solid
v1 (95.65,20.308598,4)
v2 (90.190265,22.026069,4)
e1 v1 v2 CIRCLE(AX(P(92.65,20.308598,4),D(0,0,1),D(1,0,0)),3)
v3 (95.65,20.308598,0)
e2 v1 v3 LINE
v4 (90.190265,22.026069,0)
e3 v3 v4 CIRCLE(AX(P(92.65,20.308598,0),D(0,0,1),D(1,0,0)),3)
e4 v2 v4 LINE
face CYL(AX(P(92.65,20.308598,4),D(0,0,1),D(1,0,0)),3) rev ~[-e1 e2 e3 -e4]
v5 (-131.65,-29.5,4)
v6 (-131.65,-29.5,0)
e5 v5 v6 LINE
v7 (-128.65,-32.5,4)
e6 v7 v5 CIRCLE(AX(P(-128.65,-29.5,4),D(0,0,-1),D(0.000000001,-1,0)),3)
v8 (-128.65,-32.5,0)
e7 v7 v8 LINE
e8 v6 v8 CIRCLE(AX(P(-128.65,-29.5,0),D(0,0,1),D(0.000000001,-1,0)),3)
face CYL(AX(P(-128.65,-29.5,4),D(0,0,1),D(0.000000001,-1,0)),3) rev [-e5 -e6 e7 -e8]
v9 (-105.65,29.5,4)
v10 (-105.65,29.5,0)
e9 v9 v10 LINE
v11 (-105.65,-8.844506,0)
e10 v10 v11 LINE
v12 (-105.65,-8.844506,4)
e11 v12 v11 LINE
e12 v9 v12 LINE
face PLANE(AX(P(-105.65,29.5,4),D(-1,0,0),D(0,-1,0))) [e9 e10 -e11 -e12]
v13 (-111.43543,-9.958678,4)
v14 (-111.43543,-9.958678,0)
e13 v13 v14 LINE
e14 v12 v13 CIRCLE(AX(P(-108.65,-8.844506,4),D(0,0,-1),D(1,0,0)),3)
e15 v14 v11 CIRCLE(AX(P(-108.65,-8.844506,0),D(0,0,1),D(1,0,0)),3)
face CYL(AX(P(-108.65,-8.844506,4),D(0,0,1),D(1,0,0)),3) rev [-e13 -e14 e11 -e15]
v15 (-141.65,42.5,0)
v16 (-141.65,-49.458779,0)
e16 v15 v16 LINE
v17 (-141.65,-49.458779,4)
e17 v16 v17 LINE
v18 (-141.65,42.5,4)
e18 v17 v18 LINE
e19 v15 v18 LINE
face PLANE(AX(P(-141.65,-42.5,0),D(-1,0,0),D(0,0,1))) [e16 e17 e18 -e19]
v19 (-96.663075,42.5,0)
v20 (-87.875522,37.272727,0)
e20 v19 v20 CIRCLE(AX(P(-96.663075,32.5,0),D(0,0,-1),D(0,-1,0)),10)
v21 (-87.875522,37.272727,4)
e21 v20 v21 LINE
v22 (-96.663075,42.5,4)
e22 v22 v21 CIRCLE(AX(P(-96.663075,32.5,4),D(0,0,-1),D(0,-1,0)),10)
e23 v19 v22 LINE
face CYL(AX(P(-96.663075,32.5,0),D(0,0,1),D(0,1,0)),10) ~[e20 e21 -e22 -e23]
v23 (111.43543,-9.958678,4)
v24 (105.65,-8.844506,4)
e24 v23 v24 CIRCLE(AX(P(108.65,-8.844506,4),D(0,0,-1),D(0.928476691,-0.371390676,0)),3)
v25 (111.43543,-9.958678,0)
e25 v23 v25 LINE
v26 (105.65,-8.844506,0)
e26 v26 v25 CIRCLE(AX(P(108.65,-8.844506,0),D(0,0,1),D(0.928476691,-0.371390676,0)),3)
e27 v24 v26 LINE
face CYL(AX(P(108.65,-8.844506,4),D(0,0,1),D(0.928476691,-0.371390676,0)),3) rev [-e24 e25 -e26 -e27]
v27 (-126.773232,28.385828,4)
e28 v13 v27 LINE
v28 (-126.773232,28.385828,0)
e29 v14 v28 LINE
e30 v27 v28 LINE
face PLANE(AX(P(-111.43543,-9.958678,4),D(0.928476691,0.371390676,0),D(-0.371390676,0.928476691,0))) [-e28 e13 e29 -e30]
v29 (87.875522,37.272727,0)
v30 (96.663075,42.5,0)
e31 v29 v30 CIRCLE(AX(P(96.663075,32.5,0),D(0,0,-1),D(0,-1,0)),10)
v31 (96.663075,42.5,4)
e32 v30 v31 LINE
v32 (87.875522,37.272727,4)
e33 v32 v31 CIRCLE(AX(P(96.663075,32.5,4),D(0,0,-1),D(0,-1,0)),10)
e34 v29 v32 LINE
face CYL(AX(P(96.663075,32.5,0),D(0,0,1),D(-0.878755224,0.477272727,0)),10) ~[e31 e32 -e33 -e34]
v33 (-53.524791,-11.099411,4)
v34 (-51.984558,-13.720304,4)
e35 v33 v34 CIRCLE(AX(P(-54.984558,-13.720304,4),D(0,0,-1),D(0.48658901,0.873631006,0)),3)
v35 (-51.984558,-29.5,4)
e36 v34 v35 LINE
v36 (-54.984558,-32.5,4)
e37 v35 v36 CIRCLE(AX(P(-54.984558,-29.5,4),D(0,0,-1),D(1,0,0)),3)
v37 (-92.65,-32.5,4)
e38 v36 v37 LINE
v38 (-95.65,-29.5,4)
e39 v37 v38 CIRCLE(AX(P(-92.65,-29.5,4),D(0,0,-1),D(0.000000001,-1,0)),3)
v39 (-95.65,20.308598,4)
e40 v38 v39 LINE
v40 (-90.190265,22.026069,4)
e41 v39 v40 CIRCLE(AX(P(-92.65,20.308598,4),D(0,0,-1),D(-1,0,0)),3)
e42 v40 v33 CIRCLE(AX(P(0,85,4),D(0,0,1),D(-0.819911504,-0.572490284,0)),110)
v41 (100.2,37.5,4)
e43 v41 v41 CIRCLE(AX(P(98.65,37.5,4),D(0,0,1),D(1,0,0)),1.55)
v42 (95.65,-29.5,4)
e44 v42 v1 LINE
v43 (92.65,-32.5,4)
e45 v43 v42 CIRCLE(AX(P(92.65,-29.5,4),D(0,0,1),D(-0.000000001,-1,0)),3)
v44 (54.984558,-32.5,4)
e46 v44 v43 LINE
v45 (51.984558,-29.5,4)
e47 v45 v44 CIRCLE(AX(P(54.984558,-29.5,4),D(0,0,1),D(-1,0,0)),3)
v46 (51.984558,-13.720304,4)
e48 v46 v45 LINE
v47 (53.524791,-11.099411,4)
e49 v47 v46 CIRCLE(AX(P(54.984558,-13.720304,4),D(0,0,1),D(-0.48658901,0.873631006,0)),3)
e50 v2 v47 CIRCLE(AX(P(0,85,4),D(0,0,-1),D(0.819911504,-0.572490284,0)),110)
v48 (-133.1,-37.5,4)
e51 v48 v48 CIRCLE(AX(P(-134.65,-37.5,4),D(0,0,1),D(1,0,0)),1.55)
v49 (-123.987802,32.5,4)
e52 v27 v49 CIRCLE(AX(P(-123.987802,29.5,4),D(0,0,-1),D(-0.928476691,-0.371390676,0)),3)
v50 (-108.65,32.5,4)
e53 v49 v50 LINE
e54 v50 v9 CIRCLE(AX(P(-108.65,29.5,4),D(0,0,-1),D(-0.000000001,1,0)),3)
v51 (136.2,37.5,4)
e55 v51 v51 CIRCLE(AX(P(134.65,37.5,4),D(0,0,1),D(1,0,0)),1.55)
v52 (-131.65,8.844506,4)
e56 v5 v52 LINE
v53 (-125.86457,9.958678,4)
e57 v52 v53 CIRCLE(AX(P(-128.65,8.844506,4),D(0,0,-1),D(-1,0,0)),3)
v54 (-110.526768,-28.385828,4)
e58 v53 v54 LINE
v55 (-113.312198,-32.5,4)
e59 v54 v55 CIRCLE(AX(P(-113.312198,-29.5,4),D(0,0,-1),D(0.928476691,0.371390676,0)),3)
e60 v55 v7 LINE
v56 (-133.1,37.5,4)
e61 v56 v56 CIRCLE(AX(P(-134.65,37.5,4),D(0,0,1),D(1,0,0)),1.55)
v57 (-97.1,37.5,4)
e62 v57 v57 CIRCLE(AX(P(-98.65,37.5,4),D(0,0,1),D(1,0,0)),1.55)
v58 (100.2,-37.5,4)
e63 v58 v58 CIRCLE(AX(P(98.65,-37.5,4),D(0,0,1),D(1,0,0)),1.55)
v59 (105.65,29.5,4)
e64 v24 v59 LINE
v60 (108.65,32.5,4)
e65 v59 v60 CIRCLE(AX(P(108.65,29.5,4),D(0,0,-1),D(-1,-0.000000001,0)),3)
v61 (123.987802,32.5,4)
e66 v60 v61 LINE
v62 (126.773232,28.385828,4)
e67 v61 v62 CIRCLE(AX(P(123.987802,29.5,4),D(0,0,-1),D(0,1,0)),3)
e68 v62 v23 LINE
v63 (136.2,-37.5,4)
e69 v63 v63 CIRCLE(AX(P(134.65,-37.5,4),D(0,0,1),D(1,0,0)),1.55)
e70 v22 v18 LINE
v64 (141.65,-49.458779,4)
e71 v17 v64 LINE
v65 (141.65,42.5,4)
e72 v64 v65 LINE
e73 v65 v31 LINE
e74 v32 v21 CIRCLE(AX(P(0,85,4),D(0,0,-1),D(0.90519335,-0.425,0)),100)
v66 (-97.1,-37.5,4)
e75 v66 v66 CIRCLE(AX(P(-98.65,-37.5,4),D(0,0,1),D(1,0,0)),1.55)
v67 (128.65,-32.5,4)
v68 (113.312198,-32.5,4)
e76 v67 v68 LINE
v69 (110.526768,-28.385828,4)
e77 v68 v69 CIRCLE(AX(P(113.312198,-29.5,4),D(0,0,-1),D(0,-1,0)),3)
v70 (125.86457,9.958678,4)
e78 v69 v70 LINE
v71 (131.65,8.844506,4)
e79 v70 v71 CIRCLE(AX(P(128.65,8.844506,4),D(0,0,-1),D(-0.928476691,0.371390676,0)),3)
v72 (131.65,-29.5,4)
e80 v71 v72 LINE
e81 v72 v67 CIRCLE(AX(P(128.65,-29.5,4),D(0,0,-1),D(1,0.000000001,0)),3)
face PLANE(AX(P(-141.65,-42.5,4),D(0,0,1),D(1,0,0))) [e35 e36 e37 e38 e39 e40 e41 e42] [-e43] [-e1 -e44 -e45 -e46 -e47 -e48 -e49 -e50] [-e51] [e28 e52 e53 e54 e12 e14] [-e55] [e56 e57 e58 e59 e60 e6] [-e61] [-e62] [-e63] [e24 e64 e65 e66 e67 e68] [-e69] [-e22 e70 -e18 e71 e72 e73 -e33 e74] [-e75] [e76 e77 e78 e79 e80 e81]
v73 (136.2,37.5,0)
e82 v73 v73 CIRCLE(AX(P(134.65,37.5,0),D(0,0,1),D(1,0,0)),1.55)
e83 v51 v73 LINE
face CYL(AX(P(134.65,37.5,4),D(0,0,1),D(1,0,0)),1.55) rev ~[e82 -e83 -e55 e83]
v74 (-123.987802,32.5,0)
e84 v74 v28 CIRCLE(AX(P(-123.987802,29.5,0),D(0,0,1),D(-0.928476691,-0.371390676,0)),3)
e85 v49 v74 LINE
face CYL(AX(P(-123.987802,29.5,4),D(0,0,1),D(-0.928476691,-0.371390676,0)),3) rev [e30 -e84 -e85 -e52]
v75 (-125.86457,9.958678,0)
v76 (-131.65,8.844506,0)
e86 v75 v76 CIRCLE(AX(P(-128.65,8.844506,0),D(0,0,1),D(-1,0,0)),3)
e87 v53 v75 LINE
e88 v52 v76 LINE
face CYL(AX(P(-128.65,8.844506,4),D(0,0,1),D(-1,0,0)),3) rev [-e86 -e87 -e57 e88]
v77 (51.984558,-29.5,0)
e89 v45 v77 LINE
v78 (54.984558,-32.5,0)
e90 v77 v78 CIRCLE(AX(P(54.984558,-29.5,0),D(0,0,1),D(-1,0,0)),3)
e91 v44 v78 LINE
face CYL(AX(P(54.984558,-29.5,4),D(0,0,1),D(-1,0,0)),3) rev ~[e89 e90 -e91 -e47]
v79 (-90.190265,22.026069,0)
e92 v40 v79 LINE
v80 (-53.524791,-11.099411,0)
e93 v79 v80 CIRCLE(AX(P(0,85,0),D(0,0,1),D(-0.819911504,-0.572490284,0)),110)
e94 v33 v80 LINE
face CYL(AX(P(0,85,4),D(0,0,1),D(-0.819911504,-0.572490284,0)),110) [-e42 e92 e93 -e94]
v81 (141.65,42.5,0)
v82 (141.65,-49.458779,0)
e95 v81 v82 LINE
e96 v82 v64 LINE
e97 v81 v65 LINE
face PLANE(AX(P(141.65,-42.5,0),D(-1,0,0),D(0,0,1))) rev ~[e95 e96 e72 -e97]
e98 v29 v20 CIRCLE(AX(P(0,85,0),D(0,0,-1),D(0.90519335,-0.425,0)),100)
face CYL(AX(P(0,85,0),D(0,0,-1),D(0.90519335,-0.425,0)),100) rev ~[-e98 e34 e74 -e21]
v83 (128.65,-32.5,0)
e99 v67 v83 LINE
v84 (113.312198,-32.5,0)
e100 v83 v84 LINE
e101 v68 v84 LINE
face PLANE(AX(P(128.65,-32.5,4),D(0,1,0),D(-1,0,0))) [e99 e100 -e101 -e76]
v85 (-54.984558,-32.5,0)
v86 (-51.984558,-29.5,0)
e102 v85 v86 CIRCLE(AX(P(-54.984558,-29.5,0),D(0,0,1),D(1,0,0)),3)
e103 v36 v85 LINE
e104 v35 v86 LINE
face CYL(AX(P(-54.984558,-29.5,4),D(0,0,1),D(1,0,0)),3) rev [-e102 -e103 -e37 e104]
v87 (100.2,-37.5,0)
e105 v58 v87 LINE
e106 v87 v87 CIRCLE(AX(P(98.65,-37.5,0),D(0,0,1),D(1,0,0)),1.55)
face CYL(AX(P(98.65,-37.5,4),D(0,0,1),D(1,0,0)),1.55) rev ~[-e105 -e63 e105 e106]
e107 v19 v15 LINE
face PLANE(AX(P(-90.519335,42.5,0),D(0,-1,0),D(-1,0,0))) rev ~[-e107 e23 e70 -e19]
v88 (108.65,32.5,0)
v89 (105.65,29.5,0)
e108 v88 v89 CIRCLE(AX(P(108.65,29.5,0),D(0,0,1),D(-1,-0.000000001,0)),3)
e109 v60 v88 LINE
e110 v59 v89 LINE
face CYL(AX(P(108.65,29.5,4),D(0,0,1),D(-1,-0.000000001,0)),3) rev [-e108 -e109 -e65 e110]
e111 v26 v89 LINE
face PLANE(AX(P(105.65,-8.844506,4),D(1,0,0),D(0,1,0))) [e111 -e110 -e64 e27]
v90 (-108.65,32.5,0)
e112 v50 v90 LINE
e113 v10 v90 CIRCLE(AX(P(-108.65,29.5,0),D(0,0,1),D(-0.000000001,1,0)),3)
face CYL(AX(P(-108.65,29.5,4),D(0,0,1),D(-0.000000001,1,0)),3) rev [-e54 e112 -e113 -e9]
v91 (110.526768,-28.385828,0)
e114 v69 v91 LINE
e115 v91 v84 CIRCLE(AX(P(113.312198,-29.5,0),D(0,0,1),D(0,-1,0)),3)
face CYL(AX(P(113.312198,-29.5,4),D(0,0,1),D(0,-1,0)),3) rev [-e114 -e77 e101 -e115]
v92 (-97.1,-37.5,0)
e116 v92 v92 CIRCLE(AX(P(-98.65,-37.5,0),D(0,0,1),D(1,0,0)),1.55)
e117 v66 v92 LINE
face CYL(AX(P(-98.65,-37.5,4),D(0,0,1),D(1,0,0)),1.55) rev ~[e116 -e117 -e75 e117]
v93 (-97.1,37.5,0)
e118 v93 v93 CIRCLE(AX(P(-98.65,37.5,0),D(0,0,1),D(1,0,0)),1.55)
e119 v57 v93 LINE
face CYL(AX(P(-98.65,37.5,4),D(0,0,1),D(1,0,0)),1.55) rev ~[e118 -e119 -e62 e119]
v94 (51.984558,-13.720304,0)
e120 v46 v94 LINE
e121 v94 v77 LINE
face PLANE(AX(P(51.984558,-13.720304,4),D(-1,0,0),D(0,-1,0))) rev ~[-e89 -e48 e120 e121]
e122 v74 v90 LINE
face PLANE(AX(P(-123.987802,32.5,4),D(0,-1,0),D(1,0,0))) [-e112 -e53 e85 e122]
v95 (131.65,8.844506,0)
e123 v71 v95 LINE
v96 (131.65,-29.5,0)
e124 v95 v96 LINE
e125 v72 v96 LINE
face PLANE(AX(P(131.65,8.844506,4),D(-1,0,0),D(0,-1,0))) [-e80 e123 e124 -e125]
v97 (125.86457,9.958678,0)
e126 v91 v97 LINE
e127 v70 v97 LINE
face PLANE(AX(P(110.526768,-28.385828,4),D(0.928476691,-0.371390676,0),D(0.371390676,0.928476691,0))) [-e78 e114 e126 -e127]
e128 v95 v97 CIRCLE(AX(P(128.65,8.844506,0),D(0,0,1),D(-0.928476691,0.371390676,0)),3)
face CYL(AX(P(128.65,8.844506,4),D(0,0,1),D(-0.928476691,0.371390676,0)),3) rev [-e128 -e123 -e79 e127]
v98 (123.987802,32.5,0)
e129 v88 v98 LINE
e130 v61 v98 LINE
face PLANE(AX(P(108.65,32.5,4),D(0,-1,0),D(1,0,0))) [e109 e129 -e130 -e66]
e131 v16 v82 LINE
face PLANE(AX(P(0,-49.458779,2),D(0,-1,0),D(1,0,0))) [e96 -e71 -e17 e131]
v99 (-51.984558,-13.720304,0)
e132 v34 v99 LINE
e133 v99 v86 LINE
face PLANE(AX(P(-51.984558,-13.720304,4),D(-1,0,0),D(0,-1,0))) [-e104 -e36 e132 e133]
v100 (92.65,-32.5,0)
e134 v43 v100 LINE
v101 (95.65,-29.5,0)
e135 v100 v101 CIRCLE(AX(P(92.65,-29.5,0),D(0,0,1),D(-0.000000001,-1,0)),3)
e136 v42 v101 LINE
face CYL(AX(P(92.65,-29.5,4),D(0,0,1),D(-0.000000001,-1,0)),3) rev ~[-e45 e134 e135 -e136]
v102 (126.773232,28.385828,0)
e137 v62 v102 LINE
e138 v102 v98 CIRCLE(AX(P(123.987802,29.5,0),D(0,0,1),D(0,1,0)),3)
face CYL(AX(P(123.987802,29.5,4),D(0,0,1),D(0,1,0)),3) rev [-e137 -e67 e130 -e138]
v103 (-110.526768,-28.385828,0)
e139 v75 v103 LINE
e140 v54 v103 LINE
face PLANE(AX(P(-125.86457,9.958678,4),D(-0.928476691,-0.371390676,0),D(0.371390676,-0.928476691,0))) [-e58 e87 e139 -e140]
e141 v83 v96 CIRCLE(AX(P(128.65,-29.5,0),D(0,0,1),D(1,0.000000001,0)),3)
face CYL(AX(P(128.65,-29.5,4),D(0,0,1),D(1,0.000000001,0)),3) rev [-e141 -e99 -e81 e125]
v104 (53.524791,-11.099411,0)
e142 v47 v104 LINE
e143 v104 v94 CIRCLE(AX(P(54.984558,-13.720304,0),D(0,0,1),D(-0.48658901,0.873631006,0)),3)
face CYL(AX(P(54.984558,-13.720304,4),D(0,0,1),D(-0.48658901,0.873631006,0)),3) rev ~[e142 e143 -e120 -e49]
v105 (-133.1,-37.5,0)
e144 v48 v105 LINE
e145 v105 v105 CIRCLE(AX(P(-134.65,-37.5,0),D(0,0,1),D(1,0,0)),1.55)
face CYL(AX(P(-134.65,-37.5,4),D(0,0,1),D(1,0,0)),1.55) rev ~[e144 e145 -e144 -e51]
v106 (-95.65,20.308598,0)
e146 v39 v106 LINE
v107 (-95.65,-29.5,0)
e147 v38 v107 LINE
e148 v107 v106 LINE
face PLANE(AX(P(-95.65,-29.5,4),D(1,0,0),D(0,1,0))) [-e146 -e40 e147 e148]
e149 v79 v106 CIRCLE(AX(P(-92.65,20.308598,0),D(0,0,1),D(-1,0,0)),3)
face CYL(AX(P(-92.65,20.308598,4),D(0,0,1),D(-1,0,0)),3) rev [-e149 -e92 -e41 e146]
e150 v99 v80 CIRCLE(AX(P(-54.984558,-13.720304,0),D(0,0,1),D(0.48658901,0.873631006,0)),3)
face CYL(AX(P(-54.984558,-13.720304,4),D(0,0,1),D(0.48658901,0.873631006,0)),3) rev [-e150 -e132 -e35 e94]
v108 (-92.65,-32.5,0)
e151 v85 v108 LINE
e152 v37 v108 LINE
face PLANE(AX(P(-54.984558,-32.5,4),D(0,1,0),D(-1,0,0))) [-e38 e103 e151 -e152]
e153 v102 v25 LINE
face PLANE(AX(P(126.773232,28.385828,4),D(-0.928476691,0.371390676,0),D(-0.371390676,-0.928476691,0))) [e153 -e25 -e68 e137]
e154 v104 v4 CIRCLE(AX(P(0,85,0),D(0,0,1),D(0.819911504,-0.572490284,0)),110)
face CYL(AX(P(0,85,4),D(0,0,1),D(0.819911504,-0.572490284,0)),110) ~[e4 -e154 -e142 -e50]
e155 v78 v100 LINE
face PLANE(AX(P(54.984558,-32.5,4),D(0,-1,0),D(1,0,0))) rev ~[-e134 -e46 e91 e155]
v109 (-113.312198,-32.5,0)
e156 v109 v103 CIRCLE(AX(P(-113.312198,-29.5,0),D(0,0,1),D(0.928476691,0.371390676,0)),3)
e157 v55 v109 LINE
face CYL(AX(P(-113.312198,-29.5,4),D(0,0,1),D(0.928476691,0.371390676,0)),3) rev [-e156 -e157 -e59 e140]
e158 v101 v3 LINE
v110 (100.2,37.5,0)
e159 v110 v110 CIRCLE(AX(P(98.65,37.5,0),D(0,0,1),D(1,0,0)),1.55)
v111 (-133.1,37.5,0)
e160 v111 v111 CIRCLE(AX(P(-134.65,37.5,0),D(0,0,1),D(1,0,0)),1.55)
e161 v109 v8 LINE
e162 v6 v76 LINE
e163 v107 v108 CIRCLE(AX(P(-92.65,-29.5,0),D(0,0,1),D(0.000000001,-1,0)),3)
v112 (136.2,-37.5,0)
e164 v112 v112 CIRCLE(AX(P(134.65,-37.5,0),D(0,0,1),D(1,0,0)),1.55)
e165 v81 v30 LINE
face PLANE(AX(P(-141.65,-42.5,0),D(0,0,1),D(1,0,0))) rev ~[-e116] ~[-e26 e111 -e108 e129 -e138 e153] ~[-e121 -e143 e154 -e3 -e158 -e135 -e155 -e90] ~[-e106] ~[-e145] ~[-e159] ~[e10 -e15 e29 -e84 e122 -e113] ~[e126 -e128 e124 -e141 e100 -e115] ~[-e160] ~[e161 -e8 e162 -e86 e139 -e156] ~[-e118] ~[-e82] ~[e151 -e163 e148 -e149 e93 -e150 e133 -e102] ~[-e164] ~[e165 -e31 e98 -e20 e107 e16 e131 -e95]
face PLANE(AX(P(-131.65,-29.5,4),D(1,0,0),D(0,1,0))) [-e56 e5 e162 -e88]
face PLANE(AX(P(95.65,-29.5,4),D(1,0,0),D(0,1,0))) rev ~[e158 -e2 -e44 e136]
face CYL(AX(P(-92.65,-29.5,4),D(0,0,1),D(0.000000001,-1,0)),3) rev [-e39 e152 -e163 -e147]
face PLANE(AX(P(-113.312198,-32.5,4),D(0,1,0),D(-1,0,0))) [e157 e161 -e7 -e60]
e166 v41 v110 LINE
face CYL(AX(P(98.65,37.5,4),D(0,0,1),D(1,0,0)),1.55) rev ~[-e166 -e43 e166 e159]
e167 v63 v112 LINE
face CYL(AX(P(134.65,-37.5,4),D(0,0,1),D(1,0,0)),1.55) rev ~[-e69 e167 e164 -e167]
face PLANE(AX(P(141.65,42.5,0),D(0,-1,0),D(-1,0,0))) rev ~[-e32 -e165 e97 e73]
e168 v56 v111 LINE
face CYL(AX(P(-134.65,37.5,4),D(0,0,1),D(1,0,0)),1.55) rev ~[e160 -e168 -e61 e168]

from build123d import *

# Parameters (mm, degrees)
BOSS_EXTRUDE1_DEPTH = 4
SKETCH2_R           = 1.55
CUT_EXTRUDE1_DEPTH  = 10
FILLET1_R           = 10
SKETCH3_W           = 283.3
SKETCH3_H           = 4
BOSS_EXTRUDE2_DEPTH = 6.958779143


with BuildPart() as part:
    # Sketch1 → Boss-Extrude1 (new body)
    with BuildSketch(Plane.XY):
        with BuildLine():
            Line((-141.65, 42.5), (-141.65, -42.5))
            Line((-141.65, -42.5), (141.65, -42.5))
            Line((141.65, -42.5), (141.65, 42.5))
            Line((141.65, 42.5), (90.519334951, 42.5))
            ThreePointArc((90.519334951, 42.5), (0, -15), (-90.519334951, 42.5))
            Line((-90.519334951, 42.5), (-141.65, 42.5))
        make_face()
    extrude(amount=BOSS_EXTRUDE1_DEPTH)

    # Sketch2 → Cut-Extrude1 (cut)
    with BuildSketch(Plane.XY.offset(4)):
        with BuildLine():
            Line((-125.864569927, 9.958677608), (-110.526767696, -28.385827971))
            ThreePointArc((-110.526767696, -28.385827971), (-110.827996077, -31.181886428), (-113.312197769, -32.5))
            Line((-113.312197769, -32.5), (-128.65, -32.5))
            ThreePointArc((-128.65, -32.5), (-130.771320344, -31.621320344), (-131.65, -29.5))
            Line((-131.65, -29.5), (-131.65, 8.844505579))
            ThreePointArc((-131.65, 8.844505579), (-129.217322563, 11.790374739), (-125.864569927, 9.958677608))
        make_face()
        with BuildLine():
            ThreePointArc((-126.773232304, 28.385827971), (-126.472003923, 31.181886428), (-123.987802231, 32.5))
            Line((-123.987802231, 32.5), (-108.65, 32.5))
            ThreePointArc((-108.65, 32.5), (-106.528679656, 31.621320344), (-105.65, 29.5))
            Line((-105.65, 29.5), (-105.65, -8.844505579))
            ThreePointArc((-105.65, -8.844505579), (-108.082677437, -11.790374739), (-111.435430073, -9.958677608))
            Line((-111.435430073, -9.958677608), (-126.773232304, 28.385827971))
        make_face()
        with BuildLine():
            ThreePointArc((-95.65, 20.308597944), (-93.550221212, 23.170345971), (-90.190265487, 22.026068795))
            ThreePointArc((-90.190265487, 22.026068795), (-73.741634921, 3.377875064), (-53.524791107, -11.0994107))
            ThreePointArc((-53.524791107, -11.0994107), (-52.39812226, -12.200320346), (-51.984558137, -13.72030372))
            Line((-51.984558137, -13.72030372), (-51.984558137, -29.5))
            ThreePointArc((-51.984558137, -29.5), (-52.863237794, -31.621320344), (-54.984558137, -32.5))
            Line((-54.984558137, -32.5), (-92.65, -32.5))
            ThreePointArc((-92.65, -32.5), (-94.771320344, -31.621320344), (-95.65, -29.5))
            Line((-95.65, -29.5), (-95.65, 20.308597944))
        make_face()
        with BuildLine():
            ThreePointArc((95.65, 20.308597944), (93.550221212, 23.170345971), (90.190265487, 22.026068795))
            ThreePointArc((90.190265487, 22.026068795), (73.741634921, 3.377875064), (53.524791107, -11.0994107))
            ThreePointArc((53.524791107, -11.0994107), (52.39812226, -12.200320346), (51.984558137, -13.72030372))
            Line((51.984558137, -13.72030372), (51.984558137, -29.5))
            ThreePointArc((51.984558137, -29.5), (52.863237794, -31.621320344), (54.984558137, -32.5))
            Line((54.984558137, -32.5), (92.65, -32.5))
            ThreePointArc((92.65, -32.5), (94.771320344, -31.621320344), (95.65, -29.5))
            Line((95.65, -29.5), (95.65, 20.308597944))
        make_face()
        with BuildLine():
            ThreePointArc((111.435430073, -9.958677608), (108.082677437, -11.790374739), (105.65, -8.844505579))
            Line((105.65, -8.844505579), (105.65, 29.5))
            ThreePointArc((105.65, 29.5), (106.528679656, 31.621320344), (108.65, 32.5))
            Line((108.65, 32.5), (123.987802231, 32.5))
            ThreePointArc((123.987802231, 32.5), (126.472003923, 31.181886428), (126.773232304, 28.385827971))
            Line((126.773232304, 28.385827971), (111.435430073, -9.958677608))
        make_face()
        with BuildLine():
            Line((128.65, -32.5), (113.312197769, -32.5))
            ThreePointArc((113.312197769, -32.5), (110.827996077, -31.181886428), (110.526767696, -28.385827971))
            Line((110.526767696, -28.385827971), (125.864569927, 9.958677608))
            ThreePointArc((125.864569927, 9.958677608), (129.217322563, 11.790374739), (131.65, 8.844505579))
            Line((131.65, 8.844505579), (131.65, -29.5))
            ThreePointArc((131.65, -29.5), (130.771320344, -31.621320344), (128.65, -32.5))
        make_face()
        with Locations((-134.65, 37.5)):
            Circle(SKETCH2_R)
        with Locations((-98.65, 37.5)):
            Circle(SKETCH2_R)
        with Locations((-98.65, -37.5)):
            Circle(SKETCH2_R)
        with Locations((-134.65, -37.5)):
            Circle(SKETCH2_R)
        with Locations((98.65, -37.5)):
            Circle(SKETCH2_R)
        with Locations((134.65, -37.5)):
            Circle(SKETCH2_R)
        with Locations((98.65, 37.5)):
            Circle(SKETCH2_R)
        with Locations((134.65, 37.5)):
            Circle(SKETCH2_R)
    extrude(amount=-CUT_EXTRUDE1_DEPTH, mode=Mode.SUBTRACT)

    # Fillet1
    fillet1_edges = [part.edges().sort_by_distance(p)[0] for p in [
        (90.519334951, 42.5, 2),
        (-90.519334951, 42.5, 2),
    ]]
    fillet(fillet1_edges, radius=FILLET1_R)

    # Sketch3 → Boss-Extrude2 (add)
    with BuildSketch(Plane.XZ.offset(42.5)):
        with Locations((0, 2)):
            Rectangle(SKETCH3_W, SKETCH3_H)
    extrude(amount=BOSS_EXTRUDE2_DEPTH)


solid = part.part
